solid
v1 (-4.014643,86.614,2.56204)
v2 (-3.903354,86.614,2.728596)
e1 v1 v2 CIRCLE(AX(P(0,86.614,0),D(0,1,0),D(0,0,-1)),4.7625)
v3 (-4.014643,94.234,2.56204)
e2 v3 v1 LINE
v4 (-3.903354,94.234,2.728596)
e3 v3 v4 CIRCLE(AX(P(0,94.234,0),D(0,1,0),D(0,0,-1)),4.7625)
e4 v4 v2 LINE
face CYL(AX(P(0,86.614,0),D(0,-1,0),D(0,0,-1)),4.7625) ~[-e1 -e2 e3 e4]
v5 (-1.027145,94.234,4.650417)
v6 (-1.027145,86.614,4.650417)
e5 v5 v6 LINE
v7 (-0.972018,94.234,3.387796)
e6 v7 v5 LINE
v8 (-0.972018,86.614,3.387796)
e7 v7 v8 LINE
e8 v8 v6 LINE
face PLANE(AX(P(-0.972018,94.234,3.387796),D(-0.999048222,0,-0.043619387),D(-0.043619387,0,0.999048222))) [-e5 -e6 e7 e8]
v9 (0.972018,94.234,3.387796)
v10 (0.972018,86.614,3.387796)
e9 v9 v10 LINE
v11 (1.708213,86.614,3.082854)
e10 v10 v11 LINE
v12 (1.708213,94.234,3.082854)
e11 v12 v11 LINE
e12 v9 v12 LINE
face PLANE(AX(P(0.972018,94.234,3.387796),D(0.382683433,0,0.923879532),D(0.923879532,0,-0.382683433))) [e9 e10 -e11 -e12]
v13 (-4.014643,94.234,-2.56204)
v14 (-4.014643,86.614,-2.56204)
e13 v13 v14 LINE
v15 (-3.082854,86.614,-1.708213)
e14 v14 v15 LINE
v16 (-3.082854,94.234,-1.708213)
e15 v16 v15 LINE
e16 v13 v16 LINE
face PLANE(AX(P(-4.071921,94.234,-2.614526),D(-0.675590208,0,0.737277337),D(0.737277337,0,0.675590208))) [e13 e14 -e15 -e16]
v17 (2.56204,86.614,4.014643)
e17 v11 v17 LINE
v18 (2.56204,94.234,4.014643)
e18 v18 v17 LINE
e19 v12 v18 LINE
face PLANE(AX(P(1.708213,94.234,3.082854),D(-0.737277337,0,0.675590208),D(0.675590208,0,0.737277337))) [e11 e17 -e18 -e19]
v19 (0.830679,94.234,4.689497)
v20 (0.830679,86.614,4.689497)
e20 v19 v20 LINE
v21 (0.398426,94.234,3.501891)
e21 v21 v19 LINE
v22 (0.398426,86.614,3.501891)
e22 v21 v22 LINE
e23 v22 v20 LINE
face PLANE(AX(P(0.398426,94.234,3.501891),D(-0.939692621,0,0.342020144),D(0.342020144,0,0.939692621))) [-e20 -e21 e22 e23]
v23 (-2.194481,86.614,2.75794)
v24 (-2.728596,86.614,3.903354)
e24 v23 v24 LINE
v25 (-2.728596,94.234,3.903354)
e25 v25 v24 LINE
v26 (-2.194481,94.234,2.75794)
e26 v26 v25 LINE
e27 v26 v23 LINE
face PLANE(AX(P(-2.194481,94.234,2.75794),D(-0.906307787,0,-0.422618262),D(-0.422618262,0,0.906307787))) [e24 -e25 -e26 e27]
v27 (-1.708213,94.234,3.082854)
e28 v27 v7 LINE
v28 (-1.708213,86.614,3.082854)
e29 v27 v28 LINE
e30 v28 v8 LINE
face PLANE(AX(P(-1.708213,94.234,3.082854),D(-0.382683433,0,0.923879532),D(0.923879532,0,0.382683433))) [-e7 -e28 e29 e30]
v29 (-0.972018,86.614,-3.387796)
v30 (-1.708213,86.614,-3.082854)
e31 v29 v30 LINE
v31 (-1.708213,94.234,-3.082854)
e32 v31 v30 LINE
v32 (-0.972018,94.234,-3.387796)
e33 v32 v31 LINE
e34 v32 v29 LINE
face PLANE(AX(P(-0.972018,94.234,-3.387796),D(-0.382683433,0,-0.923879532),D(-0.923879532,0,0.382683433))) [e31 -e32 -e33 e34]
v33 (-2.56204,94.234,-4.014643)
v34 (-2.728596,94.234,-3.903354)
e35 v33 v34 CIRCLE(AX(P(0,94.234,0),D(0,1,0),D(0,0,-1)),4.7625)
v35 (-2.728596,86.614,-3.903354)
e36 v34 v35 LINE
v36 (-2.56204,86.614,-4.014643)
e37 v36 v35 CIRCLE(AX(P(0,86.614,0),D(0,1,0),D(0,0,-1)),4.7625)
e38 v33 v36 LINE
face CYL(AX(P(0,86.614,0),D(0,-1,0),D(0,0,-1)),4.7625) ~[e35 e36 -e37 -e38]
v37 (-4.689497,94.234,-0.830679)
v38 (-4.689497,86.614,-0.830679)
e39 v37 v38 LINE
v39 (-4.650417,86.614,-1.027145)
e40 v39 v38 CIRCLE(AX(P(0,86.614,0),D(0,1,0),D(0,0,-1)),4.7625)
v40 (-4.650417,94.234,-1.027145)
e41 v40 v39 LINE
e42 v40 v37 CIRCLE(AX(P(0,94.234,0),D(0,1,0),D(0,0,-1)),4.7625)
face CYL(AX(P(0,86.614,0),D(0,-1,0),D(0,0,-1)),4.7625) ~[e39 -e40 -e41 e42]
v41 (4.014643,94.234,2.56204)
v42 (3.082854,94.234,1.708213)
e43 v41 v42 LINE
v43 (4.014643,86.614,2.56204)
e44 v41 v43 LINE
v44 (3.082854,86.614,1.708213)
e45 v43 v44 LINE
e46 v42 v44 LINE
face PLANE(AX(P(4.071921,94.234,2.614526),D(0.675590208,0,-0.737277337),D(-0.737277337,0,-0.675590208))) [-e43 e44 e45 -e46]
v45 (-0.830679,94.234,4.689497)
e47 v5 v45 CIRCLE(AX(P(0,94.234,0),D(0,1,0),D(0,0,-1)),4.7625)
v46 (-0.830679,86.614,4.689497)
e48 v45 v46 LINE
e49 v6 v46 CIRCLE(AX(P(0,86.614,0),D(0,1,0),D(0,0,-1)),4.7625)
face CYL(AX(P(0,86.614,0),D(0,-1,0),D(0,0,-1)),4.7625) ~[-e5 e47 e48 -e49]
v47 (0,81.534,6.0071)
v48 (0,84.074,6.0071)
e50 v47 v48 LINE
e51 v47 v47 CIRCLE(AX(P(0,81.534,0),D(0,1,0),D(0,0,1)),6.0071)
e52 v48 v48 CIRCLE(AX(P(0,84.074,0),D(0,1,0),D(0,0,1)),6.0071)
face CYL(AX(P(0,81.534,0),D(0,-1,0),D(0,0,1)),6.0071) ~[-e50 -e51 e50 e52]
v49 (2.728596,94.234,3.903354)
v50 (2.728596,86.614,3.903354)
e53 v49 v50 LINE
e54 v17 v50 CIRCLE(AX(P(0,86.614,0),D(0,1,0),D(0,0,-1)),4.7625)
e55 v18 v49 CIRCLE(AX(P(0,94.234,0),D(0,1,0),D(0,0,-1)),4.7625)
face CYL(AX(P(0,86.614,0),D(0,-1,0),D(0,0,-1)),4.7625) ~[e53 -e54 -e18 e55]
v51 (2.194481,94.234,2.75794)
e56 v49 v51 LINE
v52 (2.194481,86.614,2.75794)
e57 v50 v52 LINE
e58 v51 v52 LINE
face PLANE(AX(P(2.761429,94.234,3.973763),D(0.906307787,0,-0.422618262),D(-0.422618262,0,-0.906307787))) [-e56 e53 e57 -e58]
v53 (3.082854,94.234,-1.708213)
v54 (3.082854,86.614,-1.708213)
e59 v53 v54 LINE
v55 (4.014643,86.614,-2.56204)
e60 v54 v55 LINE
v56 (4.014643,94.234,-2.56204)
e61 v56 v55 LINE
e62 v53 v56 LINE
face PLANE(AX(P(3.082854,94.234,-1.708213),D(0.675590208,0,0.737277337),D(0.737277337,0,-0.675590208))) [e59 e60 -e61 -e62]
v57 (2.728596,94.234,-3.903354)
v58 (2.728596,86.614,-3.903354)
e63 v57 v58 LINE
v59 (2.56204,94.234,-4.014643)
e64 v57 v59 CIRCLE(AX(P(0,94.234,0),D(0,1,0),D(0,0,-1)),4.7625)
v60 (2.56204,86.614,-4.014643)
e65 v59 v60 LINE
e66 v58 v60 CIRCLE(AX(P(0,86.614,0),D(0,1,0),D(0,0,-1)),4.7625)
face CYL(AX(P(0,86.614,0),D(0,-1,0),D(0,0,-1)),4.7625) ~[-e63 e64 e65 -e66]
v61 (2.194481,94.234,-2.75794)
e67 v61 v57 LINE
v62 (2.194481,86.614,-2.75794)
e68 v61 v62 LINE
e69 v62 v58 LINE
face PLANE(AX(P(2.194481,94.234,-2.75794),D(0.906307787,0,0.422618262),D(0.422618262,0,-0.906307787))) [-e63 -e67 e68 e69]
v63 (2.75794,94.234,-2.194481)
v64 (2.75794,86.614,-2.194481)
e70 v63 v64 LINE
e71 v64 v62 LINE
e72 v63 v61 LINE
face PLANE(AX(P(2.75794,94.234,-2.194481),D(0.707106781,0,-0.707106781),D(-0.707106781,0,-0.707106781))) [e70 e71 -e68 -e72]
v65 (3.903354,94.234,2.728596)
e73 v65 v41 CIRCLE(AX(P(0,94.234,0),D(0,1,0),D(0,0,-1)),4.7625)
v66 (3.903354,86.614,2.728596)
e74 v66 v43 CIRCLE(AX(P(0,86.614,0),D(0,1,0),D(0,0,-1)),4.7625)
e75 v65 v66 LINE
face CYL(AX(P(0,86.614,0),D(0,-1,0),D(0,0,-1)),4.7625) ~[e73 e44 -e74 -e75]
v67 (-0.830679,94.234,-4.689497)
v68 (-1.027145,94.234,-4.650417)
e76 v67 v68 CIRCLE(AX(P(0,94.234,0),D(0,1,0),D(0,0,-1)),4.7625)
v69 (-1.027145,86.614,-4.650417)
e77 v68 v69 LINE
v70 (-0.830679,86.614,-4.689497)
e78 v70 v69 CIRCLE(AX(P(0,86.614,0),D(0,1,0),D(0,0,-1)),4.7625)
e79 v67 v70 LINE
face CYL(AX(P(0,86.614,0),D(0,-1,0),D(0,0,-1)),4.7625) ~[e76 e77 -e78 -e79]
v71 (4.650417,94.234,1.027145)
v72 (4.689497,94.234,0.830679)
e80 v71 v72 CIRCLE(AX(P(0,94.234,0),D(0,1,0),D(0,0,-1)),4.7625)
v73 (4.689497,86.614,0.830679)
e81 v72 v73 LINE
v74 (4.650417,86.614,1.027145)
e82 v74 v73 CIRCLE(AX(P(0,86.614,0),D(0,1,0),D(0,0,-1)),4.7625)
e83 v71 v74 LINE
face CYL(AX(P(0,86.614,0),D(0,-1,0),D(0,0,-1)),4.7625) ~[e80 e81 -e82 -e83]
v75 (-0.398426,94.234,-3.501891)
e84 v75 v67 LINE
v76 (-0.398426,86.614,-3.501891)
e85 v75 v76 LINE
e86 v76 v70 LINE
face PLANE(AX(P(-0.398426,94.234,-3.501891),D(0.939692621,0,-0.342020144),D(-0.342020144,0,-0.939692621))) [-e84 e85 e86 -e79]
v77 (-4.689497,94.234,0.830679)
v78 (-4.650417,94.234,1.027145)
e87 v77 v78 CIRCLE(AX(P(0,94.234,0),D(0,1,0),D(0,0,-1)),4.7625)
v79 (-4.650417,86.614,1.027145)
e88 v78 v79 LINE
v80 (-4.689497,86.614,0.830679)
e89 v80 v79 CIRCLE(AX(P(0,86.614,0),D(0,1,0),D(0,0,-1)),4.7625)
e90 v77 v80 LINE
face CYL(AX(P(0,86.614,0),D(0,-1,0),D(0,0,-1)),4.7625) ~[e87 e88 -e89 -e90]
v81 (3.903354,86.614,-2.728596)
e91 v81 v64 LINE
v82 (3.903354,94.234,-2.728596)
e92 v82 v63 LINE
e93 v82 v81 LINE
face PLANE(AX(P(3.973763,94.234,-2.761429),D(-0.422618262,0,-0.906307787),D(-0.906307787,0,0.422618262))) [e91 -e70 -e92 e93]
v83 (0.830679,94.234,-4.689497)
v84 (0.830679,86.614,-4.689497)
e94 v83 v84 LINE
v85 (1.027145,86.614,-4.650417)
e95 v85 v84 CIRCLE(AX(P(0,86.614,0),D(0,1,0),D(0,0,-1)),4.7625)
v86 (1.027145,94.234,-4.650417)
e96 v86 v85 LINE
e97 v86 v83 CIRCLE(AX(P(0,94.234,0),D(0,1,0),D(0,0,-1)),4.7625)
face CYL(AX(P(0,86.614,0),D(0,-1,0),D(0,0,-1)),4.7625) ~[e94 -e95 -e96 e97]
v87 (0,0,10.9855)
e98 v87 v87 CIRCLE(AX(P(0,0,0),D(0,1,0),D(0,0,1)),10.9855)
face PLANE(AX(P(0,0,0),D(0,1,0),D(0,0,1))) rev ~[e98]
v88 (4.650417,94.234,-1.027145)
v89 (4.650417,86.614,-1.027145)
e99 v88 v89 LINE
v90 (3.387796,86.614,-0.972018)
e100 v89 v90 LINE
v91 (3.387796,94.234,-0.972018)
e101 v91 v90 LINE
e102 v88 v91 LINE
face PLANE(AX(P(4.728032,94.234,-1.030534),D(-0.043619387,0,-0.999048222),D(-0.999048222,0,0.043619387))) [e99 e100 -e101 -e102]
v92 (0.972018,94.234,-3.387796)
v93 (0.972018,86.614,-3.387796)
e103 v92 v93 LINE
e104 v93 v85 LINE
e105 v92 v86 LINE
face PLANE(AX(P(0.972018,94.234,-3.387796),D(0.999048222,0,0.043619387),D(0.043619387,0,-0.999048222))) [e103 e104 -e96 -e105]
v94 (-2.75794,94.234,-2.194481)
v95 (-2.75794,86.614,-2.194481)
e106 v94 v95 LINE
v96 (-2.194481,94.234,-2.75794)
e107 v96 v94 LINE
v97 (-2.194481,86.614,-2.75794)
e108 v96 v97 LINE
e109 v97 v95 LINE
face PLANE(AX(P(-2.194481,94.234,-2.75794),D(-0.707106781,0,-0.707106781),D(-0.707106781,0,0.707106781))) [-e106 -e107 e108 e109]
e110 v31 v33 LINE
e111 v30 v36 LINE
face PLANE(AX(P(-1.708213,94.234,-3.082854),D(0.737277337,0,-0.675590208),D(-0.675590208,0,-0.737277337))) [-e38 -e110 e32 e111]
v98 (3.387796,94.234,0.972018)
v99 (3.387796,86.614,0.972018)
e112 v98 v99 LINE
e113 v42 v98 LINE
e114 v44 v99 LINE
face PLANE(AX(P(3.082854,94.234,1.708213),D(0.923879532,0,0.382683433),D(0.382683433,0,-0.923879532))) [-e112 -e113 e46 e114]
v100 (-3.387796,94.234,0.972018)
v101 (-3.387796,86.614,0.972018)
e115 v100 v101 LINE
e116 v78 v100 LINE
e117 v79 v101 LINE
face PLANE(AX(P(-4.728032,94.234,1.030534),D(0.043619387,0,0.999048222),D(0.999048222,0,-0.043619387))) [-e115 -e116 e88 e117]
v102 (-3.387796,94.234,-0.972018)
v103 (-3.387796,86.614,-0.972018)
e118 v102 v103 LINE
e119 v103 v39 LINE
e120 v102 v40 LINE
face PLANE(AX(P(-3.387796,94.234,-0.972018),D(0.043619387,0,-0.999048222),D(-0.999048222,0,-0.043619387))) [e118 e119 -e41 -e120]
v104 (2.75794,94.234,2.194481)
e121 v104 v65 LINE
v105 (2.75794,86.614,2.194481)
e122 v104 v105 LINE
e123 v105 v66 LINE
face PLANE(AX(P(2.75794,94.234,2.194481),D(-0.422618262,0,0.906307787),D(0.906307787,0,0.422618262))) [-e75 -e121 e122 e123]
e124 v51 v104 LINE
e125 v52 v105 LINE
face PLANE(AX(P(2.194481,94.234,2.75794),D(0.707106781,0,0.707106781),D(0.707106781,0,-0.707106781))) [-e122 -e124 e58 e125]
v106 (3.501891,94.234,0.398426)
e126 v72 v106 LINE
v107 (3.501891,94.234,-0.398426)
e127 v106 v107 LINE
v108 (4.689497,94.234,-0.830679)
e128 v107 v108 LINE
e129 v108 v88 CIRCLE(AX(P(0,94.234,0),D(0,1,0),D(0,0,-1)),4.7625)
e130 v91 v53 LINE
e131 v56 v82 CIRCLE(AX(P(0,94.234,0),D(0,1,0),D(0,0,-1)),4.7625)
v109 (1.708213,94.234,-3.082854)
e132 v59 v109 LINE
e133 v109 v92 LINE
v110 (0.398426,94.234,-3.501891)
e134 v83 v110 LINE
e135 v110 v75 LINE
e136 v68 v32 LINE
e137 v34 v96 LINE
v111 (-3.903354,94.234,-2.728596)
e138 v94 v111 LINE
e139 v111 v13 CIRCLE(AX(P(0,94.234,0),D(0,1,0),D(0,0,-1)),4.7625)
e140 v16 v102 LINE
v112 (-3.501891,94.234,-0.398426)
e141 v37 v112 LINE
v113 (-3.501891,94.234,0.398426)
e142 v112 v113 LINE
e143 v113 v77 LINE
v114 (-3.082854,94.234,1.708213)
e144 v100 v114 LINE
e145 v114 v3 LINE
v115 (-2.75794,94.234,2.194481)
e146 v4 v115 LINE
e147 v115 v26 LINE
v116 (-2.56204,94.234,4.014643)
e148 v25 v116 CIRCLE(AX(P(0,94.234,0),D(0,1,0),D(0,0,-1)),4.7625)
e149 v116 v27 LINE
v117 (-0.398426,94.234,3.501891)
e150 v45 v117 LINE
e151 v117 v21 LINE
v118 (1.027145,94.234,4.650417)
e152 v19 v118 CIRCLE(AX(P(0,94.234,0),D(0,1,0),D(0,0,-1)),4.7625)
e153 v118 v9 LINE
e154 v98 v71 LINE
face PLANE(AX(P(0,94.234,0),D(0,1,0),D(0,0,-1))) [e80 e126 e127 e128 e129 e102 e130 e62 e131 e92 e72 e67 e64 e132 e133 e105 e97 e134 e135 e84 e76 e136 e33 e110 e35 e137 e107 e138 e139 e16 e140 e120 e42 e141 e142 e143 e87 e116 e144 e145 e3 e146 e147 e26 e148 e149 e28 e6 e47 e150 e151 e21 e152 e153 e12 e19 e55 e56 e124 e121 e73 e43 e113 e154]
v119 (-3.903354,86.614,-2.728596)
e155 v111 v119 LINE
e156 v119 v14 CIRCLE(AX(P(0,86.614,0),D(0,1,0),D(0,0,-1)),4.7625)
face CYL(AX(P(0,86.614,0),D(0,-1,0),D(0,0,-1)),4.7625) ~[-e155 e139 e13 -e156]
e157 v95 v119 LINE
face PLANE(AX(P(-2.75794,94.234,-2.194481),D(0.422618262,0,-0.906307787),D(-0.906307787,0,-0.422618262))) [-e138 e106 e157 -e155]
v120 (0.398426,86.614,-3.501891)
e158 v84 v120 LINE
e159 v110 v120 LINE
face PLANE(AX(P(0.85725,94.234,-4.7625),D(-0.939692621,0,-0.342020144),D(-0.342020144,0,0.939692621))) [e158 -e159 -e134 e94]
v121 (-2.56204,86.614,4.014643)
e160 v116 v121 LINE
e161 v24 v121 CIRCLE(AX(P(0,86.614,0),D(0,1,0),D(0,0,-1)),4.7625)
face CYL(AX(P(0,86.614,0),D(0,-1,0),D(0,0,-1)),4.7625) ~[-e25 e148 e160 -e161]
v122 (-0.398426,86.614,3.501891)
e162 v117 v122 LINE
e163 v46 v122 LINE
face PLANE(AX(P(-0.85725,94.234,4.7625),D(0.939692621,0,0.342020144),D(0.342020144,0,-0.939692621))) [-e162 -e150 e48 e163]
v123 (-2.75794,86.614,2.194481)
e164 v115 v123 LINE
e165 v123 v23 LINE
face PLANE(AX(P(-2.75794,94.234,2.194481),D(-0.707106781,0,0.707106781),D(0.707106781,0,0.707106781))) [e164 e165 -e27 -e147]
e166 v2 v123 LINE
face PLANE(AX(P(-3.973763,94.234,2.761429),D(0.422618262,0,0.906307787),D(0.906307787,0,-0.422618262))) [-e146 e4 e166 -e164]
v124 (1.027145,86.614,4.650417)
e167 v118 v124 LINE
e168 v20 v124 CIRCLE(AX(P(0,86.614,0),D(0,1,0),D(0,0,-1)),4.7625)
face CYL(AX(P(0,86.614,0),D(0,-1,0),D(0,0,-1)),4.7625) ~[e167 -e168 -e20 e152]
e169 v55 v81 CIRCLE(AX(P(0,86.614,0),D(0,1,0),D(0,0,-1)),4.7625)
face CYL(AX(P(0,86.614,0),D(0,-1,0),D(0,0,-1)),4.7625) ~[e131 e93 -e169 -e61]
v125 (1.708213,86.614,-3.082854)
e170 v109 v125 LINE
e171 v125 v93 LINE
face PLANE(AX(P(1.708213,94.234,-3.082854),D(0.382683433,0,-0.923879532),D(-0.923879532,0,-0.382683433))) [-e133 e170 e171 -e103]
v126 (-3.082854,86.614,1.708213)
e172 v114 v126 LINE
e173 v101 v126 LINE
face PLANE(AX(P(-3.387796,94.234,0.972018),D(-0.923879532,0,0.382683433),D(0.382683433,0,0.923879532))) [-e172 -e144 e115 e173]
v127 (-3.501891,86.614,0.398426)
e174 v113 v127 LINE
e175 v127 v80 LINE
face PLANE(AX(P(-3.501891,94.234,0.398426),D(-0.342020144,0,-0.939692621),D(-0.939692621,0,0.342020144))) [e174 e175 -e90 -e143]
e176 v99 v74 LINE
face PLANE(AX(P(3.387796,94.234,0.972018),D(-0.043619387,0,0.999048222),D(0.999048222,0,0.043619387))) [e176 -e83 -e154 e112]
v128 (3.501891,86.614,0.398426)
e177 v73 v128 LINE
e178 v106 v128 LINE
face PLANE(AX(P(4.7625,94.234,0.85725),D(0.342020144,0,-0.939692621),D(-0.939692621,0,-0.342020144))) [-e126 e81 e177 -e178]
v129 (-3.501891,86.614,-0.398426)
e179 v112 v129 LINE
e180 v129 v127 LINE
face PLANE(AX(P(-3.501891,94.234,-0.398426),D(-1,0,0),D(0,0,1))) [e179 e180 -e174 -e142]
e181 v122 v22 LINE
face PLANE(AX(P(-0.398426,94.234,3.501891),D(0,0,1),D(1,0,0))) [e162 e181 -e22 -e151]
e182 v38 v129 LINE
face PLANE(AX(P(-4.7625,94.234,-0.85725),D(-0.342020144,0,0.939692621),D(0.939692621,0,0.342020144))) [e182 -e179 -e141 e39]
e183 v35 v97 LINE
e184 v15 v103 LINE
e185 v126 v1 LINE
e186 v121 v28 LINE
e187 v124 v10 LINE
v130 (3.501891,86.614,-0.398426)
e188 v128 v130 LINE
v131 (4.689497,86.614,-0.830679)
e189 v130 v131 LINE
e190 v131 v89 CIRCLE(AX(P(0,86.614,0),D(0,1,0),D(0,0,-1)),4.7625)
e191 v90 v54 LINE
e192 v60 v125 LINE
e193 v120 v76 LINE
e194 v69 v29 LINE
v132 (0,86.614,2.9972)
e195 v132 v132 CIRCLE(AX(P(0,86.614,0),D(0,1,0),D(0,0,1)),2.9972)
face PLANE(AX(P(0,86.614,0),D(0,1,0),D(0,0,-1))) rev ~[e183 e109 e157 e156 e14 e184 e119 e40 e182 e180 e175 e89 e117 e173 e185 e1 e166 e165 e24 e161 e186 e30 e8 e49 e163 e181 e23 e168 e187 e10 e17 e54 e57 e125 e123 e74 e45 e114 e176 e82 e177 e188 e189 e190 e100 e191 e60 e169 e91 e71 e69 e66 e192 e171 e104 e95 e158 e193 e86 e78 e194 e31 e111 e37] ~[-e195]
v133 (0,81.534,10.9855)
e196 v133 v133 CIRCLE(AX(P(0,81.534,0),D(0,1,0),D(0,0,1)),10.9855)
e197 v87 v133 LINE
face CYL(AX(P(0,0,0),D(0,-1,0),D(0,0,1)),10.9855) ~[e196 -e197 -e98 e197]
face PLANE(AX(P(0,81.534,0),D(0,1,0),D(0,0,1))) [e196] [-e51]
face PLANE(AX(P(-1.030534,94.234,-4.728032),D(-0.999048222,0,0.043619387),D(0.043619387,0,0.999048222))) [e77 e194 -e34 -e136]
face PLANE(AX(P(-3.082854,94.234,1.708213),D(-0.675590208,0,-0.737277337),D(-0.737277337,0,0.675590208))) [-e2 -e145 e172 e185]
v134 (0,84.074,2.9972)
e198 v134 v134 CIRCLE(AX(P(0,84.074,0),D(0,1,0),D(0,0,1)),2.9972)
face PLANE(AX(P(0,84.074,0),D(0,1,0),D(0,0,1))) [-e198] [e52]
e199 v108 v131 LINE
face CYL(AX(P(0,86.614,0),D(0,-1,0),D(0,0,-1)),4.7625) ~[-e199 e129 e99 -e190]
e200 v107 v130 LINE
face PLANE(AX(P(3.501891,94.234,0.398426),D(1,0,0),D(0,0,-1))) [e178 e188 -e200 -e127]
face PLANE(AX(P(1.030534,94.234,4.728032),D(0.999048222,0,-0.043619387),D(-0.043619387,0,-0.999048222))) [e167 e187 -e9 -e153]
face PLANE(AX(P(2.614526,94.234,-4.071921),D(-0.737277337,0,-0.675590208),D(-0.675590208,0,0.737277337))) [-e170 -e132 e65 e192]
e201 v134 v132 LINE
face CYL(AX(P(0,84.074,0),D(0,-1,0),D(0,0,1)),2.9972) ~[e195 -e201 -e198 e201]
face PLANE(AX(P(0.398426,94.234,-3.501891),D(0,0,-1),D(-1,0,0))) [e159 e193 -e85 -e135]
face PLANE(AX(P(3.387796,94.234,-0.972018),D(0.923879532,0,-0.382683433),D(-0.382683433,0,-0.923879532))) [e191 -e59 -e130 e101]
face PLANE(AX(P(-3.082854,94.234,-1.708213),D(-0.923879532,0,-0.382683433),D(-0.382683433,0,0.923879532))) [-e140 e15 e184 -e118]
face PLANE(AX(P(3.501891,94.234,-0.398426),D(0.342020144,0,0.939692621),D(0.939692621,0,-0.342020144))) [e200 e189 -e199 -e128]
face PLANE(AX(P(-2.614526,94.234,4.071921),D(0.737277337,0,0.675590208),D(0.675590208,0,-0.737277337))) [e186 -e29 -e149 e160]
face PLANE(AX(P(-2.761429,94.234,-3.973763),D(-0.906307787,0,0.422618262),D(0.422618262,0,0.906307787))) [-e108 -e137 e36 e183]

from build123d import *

# Parameters (mm, degrees)
SKETCH1_R           = 10.9855
BOSS_EXTRUDE1_DEPTH = 81.534
SKETCH2_R           = 6.0071
BOSS_EXTRUDE2_DEPTH = 2.54
SKETCH3_R           = 2.9972
BOSS_EXTRUDE3_DEPTH = 2.54
SKETCH4_R           = 4.7625
BOSS_EXTRUDE4_DEPTH = 7.62
CUT_EXTRUDE1_DEPTH  = 7.62


with BuildPart() as part:
    # Sketch1 → Boss-Extrude1 (new body)
    with BuildSketch(Plane(origin=(0, 0, 0), x_dir=(1, 0, 0), z_dir=(0, 1, 0))):
        with Locations(Location((0, 0, 0), (0, 0, 270))):
            Circle(SKETCH1_R)
    extrude(amount=BOSS_EXTRUDE1_DEPTH)

    # Sketch2 → Boss-Extrude2 (add)
    with BuildSketch(Plane(origin=(0, 81.534, 0), x_dir=(1, 0, 0), z_dir=(0, 1, 0))):
        with Locations(Location((0, 0, 0), (0, 0, 270))):
            Circle(SKETCH2_R)
    extrude(amount=BOSS_EXTRUDE2_DEPTH)

    # Sketch3 → Boss-Extrude3 (add)
    with BuildSketch(Plane(origin=(0, 84.074, 0), x_dir=(1, 0, 0), z_dir=(0, 1, 0))):
        with Locations(Location((0, 0, 0), (0, 0, 270))):
            Circle(SKETCH3_R)
    extrude(amount=BOSS_EXTRUDE3_DEPTH)

    # Sketch4 → Boss-Extrude4 (add)
    with BuildSketch(Plane(origin=(0, 86.614, 0), x_dir=(1, 0, 0), z_dir=(0, 1, 0))):
        with Locations(Location((0, 0, 0), (0, 0, 90))):
            Circle(SKETCH4_R)
    extrude(amount=BOSS_EXTRUDE4_DEPTH)

    # Sketch7 → Cut-Extrude1 (cut)
    with BuildSketch(Plane(origin=(0, 94.234, 0), x_dir=(1, 0, 0), z_dir=(0, 1, 0))):
        Polygon((-0.85725, 4.7625), (0.85725, 4.7625), (0.398425795, 3.501890859), (-0.398425795, 3.501890859), align=None)
        Polygon((1.708213051, 3.082854338), (0.972018176, 3.38779624), (1.030534117, 4.728031646), (2.614525576, 4.071920901), align=None)
        Polygon((2.757940355, 2.194481191), (2.194481191, 2.757940355), (2.761428757, 3.973763334), (3.973763334, 2.761428757), align=None)
        Polygon((3.38779624, 0.972018176), (3.082854338, 1.708213051), (4.071920901, 2.614525576), (4.728031646, 1.030534117), align=None)
        Polygon((3.501890859, -0.398425795), (3.501890859, 0.398425795), (4.7625, 0.85725), (4.7625, -0.85725), align=None)
        Polygon((3.082854338, -1.708213051), (3.38779624, -0.972018176), (4.728031646, -1.030534117), (4.071920901, -2.614525576), align=None)
        Polygon((2.194481191, -2.757940355), (2.757940355, -2.194481191), (3.973763334, -2.761428757), (2.761428757, -3.973763334), align=None)
        Polygon((0.972018176, -3.38779624), (1.708213051, -3.082854338), (2.614525576, -4.071920901), (1.030534117, -4.728031646), align=None)
        Polygon((-0.398425795, -3.501890859), (0.398425795, -3.501890859), (0.85725, -4.7625), (-0.85725, -4.7625), align=None)
        Polygon((-1.708213051, -3.082854338), (-0.972018176, -3.38779624), (-1.030534117, -4.728031646), (-2.614525576, -4.071920901), align=None)
        Polygon((-2.757940355, -2.194481191), (-2.194481191, -2.757940355), (-2.761428757, -3.973763334), (-3.973763334, -2.761428757), align=None)
        Polygon((-3.38779624, -0.972018176), (-3.082854338, -1.708213051), (-4.071920901, -2.614525576), (-4.728031646, -1.030534117), align=None)
        Polygon((-3.501890859, 0.398425795), (-3.501890859, -0.398425795), (-4.7625, -0.85725), (-4.7625, 0.85725), align=None)
        Polygon((-3.082854338, 1.708213051), (-3.38779624, 0.972018176), (-4.728031646, 1.030534117), (-4.071920901, 2.614525576), align=None)
        Polygon((-2.194481191, 2.757940355), (-2.757940355, 2.194481191), (-3.973763334, 2.761428757), (-2.761428757, 3.973763334), align=None)
        Polygon((-0.972018176, 3.38779624), (-1.708213051, 3.082854338), (-2.614525576, 4.071920901), (-1.030534117, 4.728031646), align=None)
    extrude(amount=-CUT_EXTRUDE1_DEPTH, mode=Mode.SUBTRACT)


solid = part.part
